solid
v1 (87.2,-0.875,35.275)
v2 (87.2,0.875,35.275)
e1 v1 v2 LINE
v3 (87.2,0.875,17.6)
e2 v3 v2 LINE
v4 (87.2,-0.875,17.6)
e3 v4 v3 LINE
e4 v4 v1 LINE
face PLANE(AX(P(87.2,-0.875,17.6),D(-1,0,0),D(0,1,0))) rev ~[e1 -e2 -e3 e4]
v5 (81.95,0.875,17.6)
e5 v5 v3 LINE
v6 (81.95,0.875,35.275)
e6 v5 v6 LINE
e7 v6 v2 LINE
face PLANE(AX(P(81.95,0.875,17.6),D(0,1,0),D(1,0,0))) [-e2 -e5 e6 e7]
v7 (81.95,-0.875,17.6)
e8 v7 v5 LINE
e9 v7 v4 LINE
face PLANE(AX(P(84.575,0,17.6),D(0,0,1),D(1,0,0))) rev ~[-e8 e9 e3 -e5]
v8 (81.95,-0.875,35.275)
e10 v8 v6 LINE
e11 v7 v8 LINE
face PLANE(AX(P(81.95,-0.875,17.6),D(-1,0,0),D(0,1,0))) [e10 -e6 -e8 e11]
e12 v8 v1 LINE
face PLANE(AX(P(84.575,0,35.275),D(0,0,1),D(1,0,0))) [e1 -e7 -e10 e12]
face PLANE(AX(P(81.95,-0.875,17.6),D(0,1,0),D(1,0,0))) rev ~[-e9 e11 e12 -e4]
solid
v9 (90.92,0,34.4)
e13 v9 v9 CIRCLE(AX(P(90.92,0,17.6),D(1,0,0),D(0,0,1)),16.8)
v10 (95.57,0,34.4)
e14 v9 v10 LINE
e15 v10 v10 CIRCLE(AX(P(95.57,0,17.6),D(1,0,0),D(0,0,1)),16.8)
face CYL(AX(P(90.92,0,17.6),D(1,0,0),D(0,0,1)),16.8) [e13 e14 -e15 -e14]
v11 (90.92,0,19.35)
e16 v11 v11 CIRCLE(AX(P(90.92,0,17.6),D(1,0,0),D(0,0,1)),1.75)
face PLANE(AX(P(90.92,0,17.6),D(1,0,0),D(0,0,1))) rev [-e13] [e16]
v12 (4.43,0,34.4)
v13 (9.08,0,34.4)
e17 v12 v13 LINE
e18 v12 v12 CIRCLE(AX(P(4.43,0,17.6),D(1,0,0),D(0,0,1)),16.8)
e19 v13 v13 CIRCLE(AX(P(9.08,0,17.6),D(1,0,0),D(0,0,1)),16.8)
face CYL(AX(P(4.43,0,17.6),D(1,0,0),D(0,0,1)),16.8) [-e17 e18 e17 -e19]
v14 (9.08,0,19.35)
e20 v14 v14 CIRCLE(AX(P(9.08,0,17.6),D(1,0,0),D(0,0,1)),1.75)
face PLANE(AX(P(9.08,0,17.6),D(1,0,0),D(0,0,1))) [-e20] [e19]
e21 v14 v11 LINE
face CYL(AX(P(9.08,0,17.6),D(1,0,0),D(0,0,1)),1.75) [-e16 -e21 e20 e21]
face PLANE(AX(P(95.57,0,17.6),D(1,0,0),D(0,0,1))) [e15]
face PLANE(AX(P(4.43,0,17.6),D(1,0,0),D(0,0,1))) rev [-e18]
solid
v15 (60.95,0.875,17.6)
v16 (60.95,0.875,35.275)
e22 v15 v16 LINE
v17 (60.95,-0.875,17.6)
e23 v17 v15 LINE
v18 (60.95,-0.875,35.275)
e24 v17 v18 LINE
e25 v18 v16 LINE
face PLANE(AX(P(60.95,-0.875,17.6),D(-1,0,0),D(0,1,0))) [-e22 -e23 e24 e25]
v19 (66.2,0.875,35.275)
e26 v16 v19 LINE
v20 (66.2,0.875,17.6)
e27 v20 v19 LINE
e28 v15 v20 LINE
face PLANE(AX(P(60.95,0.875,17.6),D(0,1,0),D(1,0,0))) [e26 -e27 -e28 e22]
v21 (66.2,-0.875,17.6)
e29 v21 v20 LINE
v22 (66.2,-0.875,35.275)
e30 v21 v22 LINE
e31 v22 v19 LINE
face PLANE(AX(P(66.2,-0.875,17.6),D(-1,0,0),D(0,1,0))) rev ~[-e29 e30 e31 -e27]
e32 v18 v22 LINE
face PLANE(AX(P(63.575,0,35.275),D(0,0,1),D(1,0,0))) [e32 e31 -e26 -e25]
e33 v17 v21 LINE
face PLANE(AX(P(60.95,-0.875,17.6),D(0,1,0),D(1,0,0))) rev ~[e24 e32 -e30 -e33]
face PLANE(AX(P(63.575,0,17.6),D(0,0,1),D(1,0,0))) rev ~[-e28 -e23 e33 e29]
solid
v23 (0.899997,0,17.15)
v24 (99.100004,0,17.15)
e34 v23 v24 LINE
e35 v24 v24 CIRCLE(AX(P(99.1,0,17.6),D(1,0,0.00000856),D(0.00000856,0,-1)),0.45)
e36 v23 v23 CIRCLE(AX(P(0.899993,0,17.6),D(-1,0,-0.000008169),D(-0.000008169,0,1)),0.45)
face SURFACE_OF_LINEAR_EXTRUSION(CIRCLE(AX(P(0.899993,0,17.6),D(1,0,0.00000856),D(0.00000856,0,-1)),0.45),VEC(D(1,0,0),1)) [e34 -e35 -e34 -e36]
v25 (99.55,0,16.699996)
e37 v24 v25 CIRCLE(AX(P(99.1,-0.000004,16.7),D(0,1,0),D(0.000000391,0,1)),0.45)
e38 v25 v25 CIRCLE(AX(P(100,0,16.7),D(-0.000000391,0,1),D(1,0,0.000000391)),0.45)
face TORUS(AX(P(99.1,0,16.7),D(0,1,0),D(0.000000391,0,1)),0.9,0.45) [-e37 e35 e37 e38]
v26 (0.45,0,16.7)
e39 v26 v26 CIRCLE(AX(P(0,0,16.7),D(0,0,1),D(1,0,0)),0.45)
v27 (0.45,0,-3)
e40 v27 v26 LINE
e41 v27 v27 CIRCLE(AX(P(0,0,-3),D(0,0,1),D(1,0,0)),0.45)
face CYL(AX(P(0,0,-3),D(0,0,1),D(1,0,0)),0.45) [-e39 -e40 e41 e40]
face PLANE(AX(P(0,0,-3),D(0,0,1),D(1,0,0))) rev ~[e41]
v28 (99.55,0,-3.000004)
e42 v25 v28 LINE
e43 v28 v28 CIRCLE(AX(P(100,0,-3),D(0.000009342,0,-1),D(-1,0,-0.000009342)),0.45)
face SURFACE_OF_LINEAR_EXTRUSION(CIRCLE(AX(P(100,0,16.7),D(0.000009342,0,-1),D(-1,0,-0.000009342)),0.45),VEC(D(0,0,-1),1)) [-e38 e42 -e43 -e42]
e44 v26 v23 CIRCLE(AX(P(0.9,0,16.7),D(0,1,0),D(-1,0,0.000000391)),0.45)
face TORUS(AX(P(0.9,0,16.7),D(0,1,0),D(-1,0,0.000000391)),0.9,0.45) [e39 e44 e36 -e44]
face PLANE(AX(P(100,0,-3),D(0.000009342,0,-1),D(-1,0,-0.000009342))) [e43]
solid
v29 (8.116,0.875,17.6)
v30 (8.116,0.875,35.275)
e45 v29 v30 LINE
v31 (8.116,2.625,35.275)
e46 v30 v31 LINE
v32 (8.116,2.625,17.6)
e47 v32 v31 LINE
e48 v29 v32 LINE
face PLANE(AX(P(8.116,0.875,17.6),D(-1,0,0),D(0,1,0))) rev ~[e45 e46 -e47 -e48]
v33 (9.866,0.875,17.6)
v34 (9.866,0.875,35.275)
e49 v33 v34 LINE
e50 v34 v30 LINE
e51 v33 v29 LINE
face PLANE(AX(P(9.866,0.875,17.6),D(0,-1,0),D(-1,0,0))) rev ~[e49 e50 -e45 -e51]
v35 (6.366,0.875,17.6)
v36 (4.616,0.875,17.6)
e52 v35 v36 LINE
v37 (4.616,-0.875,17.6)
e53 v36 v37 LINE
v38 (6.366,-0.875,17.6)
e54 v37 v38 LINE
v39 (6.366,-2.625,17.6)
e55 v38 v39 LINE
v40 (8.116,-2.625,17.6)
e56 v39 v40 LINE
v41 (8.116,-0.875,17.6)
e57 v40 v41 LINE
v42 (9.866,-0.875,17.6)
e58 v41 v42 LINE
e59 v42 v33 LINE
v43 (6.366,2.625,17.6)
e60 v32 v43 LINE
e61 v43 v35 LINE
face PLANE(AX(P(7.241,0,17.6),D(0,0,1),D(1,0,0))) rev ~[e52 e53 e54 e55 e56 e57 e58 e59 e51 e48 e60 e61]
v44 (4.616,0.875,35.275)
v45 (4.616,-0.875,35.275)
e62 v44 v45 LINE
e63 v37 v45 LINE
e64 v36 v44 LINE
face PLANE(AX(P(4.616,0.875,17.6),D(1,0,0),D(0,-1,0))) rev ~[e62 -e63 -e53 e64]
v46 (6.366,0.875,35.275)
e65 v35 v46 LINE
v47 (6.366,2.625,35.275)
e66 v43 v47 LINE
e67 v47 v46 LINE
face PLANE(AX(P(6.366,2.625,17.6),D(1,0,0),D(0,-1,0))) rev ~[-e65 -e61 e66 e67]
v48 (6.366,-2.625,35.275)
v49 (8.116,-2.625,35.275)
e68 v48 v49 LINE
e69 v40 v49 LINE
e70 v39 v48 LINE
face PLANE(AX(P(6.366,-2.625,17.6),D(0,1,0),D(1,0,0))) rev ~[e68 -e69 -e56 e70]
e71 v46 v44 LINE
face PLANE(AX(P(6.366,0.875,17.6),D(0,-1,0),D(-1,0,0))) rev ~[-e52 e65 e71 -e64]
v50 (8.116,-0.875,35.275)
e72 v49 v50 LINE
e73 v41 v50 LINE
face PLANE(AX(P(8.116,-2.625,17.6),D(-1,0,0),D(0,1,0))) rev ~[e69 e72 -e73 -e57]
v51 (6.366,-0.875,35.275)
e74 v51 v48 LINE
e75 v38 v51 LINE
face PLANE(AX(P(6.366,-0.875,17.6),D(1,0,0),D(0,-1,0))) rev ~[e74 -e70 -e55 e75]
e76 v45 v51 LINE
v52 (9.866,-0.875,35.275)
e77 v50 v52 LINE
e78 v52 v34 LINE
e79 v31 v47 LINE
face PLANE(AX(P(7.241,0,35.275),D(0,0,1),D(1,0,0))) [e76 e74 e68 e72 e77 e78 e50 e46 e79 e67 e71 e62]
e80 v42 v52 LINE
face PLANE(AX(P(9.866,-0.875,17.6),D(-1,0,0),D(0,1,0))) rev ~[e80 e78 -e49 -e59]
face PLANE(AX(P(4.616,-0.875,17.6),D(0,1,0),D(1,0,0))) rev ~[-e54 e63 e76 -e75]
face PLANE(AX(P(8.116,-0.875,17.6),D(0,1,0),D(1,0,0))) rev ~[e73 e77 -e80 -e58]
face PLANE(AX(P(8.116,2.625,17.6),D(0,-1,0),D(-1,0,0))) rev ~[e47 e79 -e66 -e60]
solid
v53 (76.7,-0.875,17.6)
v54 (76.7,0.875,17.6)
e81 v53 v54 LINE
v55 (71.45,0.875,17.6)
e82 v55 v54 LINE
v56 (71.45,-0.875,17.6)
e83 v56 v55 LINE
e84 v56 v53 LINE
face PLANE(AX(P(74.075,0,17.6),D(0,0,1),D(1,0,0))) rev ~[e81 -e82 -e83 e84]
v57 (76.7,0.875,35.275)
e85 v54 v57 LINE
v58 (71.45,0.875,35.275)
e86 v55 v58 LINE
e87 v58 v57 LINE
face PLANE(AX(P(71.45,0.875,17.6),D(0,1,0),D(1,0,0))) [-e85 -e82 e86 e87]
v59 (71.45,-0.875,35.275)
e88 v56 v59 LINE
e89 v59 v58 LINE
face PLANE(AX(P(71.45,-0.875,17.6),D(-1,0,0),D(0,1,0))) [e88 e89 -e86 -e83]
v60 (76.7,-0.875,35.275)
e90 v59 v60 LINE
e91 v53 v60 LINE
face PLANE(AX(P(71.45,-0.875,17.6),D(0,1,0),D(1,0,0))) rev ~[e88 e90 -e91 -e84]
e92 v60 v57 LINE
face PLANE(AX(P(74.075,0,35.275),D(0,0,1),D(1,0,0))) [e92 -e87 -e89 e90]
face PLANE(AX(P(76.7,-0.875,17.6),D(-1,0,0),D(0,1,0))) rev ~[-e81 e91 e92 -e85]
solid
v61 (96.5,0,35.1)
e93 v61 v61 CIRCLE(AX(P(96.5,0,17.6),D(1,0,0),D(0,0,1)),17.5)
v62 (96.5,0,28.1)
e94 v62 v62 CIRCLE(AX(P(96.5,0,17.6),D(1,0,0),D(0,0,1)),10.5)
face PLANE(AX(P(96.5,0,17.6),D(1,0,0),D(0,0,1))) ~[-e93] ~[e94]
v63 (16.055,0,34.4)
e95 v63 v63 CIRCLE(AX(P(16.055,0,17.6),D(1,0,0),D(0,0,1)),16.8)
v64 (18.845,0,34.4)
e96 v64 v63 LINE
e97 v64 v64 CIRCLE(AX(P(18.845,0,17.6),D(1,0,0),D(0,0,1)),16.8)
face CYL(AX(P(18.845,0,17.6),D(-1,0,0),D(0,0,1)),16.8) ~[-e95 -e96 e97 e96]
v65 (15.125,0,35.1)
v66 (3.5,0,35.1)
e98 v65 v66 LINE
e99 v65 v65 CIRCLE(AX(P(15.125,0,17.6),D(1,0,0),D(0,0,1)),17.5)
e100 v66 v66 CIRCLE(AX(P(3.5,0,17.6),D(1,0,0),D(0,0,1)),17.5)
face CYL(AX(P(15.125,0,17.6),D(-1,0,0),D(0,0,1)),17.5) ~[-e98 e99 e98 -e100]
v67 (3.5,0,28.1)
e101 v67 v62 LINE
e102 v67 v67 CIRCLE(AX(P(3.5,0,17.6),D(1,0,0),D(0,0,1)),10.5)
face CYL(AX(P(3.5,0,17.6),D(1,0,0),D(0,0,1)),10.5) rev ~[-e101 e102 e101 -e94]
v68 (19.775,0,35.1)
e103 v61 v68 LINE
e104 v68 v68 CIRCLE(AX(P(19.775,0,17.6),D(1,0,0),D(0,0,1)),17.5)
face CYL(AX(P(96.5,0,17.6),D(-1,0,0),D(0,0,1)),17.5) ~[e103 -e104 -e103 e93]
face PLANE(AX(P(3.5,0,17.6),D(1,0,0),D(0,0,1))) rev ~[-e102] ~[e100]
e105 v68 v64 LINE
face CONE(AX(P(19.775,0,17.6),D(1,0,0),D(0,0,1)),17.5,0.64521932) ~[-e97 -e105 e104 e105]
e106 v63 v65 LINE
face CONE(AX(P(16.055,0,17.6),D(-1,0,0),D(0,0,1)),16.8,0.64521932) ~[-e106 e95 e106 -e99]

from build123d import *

# Parameters (mm, degrees)
SKETCH_R    = 0.45
SKETCH004_W = 5.25
SKETCH004_H = 1.75
PAD_DEPTH   = 17.675


with BuildPart() as sweep_body:
    # Sweep: sweep along a path in Sketch001
    with BuildLine(Plane.XZ) as sweep_path:
        Line((0, -3), (0, 16.7))
        ThreePointArc((0, 16.7), (0.263601, 17.336393), (0.899993, 17.6))
        Line((0.899993, 17.6), (99.1, 17.6))
        ThreePointArc((99.1, 17.6), (99.736396, 17.336396), (100, 16.7))
        Line((100, 16.7), (100, -3))
    # Sketch → Sweep (sweep)
    with BuildSketch(Plane.XY.offset(-2)):
        Circle(SKETCH_R)
    sweep(path=sweep_path.line)


with BuildPart() as revolution:
    # Sketch002 → Revolution (revolve)
    with BuildSketch(Plane.XZ):
        Polygon((3.5, 35.1), (3.5, 28.1), (96.5, 28.1), (96.5, 35.1), (19.775, 35.1), (18.845, 34.4), (16.055, 34.4), (15.125, 35.1), align=None)
    revolve(axis=Axis((6.97588, 0, 17.6), (1, 0, 0)))


with BuildPart() as revolution001:
    # Sketch003 → Revolution001 (revolve)
    with BuildSketch(Plane.XZ):
        Polygon((4.43, 34.4), (9.08, 34.4), (9.08, 19.35), (90.92, 19.35), (90.92, 34.4), (95.57, 34.4), (95.57, 17.6), (4.43, 17.6), align=None)
    revolve(axis=Axis((6.97588, 0, 17.6), (1, 0, 0)))


with BuildPart() as pad:
    # Sketch004 → Pad (new body)
    with BuildSketch(Plane.XY.offset(17.6)):
        with Locations((84.575, 0)):
            Rectangle(SKETCH004_W, SKETCH004_H)
        with Locations((74.075, 0)):
            Rectangle(SKETCH004_W, SKETCH004_H)
        with Locations((63.575, 0)):
            Rectangle(SKETCH004_W, SKETCH004_H)
        Polygon((6.366, 0.875), (4.616, 0.875), (4.616, -0.875), (6.366, -0.875), (6.366, -2.625), (8.116, -2.625), (8.116, -0.875), (9.866, -0.875), (9.866, 0.875), (8.116, 0.875), (8.116, 2.625), (6.366, 2.625), align=None)
    extrude(amount=PAD_DEPTH)


solid = Compound([sweep_body.part, revolution.part, revolution001.part, pad.part])
